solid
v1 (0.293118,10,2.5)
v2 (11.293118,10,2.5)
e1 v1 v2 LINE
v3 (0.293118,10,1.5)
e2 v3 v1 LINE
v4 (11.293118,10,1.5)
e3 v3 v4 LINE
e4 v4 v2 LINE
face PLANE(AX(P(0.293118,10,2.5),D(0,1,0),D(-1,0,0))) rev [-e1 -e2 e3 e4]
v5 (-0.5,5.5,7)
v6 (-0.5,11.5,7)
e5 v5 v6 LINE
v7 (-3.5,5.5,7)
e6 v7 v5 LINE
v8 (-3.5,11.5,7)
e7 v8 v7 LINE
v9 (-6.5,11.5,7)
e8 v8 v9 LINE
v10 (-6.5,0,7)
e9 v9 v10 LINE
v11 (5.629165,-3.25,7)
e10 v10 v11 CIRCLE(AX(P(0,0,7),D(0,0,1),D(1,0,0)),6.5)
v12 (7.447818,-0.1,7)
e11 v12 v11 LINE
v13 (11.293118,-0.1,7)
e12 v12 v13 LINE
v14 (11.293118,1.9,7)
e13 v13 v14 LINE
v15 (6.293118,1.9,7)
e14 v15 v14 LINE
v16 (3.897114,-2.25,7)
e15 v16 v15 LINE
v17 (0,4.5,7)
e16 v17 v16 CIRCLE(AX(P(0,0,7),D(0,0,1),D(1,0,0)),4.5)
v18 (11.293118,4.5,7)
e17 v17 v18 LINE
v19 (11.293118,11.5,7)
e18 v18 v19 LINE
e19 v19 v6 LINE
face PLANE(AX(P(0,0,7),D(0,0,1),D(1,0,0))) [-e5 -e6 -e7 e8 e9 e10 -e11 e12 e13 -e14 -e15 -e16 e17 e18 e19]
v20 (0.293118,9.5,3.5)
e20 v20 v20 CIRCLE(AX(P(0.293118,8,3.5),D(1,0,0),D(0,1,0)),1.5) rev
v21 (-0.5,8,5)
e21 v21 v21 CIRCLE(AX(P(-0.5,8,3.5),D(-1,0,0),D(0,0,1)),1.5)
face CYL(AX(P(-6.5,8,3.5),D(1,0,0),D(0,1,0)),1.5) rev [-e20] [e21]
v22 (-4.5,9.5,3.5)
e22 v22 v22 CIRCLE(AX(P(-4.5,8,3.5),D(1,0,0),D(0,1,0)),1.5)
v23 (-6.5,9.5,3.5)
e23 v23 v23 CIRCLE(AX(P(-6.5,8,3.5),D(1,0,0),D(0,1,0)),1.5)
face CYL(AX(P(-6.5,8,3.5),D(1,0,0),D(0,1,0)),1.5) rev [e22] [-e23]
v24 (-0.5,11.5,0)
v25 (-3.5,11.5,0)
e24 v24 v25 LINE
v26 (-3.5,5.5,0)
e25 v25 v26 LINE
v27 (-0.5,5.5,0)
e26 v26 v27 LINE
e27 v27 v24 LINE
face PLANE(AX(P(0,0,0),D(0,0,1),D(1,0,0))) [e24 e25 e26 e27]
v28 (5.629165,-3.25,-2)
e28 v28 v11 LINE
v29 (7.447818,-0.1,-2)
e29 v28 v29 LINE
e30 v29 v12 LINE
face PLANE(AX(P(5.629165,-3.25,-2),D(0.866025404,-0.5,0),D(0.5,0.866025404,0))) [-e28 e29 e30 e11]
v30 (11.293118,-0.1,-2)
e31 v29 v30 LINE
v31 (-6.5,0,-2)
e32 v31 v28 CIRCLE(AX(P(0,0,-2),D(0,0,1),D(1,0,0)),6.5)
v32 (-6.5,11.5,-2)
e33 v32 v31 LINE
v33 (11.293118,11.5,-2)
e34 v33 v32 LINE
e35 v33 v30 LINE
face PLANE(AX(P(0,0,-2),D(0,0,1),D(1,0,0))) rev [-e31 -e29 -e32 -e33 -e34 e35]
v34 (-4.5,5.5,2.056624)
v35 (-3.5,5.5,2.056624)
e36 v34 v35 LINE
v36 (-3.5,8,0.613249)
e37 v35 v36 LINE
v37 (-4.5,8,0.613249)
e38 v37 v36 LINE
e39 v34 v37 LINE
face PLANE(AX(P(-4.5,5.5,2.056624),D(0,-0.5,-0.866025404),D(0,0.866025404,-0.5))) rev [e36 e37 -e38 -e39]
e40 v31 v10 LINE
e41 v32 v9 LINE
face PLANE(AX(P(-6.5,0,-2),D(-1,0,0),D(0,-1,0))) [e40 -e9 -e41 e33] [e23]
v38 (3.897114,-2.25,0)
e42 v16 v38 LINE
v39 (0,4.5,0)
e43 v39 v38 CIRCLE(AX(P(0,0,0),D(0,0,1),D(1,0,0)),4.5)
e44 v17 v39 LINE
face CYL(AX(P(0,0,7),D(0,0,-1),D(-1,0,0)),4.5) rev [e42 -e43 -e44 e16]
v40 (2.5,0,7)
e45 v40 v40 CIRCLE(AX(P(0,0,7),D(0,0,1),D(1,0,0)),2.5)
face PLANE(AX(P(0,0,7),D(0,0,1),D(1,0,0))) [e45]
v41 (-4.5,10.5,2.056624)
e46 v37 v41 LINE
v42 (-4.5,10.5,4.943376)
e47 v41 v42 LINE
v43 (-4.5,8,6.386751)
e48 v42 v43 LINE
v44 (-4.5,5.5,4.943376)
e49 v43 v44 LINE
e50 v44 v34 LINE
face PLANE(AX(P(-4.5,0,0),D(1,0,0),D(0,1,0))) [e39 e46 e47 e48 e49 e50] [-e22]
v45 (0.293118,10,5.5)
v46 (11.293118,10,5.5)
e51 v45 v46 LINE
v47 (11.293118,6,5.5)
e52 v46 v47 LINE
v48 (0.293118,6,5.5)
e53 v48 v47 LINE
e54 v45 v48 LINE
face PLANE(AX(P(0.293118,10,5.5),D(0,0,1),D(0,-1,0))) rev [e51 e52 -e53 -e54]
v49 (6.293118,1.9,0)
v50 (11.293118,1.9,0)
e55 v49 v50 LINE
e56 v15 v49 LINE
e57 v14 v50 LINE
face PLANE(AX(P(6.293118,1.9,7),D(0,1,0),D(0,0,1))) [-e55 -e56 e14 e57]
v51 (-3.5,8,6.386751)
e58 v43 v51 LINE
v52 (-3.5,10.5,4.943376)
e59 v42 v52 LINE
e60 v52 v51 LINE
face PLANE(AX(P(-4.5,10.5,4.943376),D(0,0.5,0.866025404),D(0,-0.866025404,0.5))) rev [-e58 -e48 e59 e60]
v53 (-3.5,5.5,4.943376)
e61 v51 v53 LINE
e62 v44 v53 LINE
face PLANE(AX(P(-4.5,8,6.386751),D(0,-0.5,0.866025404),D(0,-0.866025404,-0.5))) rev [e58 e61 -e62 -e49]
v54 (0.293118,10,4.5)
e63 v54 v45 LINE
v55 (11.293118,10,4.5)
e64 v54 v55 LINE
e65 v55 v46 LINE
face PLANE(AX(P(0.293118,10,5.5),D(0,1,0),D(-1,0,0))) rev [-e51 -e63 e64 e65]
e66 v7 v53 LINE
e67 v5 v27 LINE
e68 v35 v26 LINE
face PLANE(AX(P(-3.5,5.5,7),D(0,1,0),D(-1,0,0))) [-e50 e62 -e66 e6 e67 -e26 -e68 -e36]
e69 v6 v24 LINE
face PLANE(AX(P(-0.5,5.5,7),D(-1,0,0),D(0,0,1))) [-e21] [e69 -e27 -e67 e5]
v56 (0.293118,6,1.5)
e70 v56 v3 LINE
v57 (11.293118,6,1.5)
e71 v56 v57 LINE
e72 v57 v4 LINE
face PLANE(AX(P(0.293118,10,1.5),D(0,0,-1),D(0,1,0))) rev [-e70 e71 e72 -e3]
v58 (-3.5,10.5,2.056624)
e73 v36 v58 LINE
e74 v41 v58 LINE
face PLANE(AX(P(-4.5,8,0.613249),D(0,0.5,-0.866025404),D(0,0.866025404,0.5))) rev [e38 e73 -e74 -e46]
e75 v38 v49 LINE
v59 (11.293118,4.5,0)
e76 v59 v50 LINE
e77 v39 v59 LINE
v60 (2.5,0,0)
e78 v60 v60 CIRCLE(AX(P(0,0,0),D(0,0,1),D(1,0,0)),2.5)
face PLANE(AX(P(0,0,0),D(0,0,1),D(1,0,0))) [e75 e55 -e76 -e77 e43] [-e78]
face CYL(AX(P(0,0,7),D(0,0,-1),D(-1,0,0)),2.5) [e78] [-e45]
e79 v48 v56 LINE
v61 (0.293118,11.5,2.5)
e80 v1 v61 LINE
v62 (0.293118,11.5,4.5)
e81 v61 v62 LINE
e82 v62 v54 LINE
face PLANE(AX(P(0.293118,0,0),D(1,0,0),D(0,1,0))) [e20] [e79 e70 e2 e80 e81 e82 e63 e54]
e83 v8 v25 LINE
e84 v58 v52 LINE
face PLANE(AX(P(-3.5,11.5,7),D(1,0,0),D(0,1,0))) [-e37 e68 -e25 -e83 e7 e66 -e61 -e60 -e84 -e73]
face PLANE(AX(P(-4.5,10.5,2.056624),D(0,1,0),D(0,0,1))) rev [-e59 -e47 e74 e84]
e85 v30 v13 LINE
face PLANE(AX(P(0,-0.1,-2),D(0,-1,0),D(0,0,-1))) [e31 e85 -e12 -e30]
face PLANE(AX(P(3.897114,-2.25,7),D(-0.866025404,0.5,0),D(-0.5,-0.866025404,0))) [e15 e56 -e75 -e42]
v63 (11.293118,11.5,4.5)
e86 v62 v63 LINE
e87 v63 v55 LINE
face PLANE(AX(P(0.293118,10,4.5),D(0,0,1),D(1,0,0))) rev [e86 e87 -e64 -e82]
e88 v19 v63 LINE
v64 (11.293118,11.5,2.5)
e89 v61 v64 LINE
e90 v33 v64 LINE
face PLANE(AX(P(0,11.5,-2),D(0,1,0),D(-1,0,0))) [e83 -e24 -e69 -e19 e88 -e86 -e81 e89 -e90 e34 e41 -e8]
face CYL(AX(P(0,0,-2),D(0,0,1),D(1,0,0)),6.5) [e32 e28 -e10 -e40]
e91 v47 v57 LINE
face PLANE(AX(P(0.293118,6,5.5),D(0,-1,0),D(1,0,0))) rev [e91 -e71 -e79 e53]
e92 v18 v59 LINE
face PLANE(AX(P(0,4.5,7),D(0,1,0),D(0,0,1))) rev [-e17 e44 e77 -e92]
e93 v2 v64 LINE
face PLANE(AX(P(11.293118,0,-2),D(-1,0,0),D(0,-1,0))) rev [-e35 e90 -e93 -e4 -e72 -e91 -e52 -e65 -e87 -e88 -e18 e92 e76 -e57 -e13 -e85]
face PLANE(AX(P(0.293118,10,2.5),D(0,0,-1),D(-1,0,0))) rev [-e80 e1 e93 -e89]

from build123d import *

# Parameters (mm, degrees)
ESBO_O1_R                  = 2.5
RESSALTO_EXTRUS_O1_DEPTH   = 7
RESSALTO_EXTRUS_O1_2_DEPTH = 7
CORTE_EXTRUS_O1_DEPTH      = 1
CORTE_EXTRUS_O2_DEPTH      = 21.752652218
CORTE_EXTRUS_O2_DEPTH_BACK = 21.752652218
ESBO_O4_R                  = 1.5
CORTE_EXTRUS_O3_DEPTH      = 11
RESSALTO_EXTRUS_O5_START   = -7
ESBO_O6_W                  = 3
ESBO_O6_H                  = 6
RESSALTO_EXTRUS_O5_DEPTH   = 2


with BuildPart() as part:
    # Esboço1 → Ressalto-extrusão1 (new body)
    with BuildSketch(Plane.XY):
        Circle(ESBO_O1_R)
    extrude(amount=RESSALTO_EXTRUS_O1_DEPTH)



with BuildPart() as body_2:
    # Esboço1 → Ressalto-extrus_o1 2 (new body)
    with BuildSketch(Plane.XY):
        with BuildLine():
            ThreePointArc((0, 4.5), (-3.897114317, -2.25), (3.897114317, -2.25))
            Line((3.897114317, -2.25), (6.293117934, 1.9))
            Line((6.293117934, 1.9), (11.293117934, 1.9))
            Line((11.293117934, 1.9), (11.293117934, -0.1))
            Line((11.293117934, -0.1), (7.447818473, -0.1))
            Line((7.447818473, -0.1), (5.629165125, -3.25))
            ThreePointArc((5.629165125, -3.25), (-1.682323793, -6.278517871), (-6.5, 0))
            Line((-6.5, 0), (-6.5, 11.5))
            Line((-6.5, 11.5), (-3.5, 11.5))
            Line((-3.5, 11.5), (-3.5, 5.5))
            Line((-3.5, 5.5), (-0.5, 5.5))
            Line((-0.5, 5.5), (-0.5, 11.5))
            Line((-0.5, 11.5), (11.293117934, 11.5))
            Line((11.293117934, 11.5), (11.293117934, 6.5))
            Line((11.293117934, 6.5), (11.293117934, 4.5))
            Line((11.293117934, 4.5), (0, 4.5))
        make_face()
    extrude(amount=RESSALTO_EXTRUS_O1_2_DEPTH)

    # Esboço2 → Corte-extrusão1 (cut)
    with BuildSketch(Plane(origin=(-3.5, 0, 0), x_dir=(0, 0, -1), z_dir=(1, 0, 0))):
        Polygon((-0.613248654, 8), (-2.056624327, 10.5), (-4.943375673, 10.5), (-6.386751346, 8), (-4.943375673, 5.5), (-2.056624327, 5.5), align=None)
    extrude(amount=-CORTE_EXTRUS_O1_DEPTH, mode=Mode.SUBTRACT)

    # Esboço4 → Corte-extrusão2 (cut, two sides: drawn at the far end of the back side and taken through both)
    with BuildSketch(Plane(origin=(-4.5, 0, 0), x_dir=(0, 0, -1), z_dir=(1, 0, 0)).offset(-CORTE_EXTRUS_O2_DEPTH_BACK)):
        with Locations(Location((-3.5, 8, 0), (0, 0, 90))):
            Circle(ESBO_O4_R)
    extrude(amount=CORTE_EXTRUS_O2_DEPTH + CORTE_EXTRUS_O2_DEPTH_BACK, mode=Mode.SUBTRACT)

    # Esboço5 → Corte-extrusão3 (cut)
    with BuildSketch(Plane(origin=(11.293117934, 0, 0), x_dir=(0, 0, -1), z_dir=(1, 0, 0))):
        Polygon((-5.5, 10), (-4.5, 10), (-4.5, 11.5), (-2.5, 11.5), (-2.5, 10), (-1.5, 10), (-1.5, 6), (-5.5, 6), align=None)
    extrude(amount=-CORTE_EXTRUS_O3_DEPTH, mode=Mode.SUBTRACT)


with BuildPart() as part_1:
    add(part.part)

    add(body_2.part)  # Ressalto-extrusão5 merges body 2
    # Esboço6 → Ressalto-extrusão5 (add)
    with BuildSketch(Plane.XY.offset(7).offset(RESSALTO_EXTRUS_O5_START)):
        with BuildLine():
            Line((11.293117934, 1.9), (11.293117934, 4.5))
            Line((11.293117934, 4.5), (0, 4.5))
            ThreePointArc((0, 4.5), (-3.897114317, -2.25), (3.897114317, -2.25))
            Line((3.897114317, -2.25), (6.293117934, 1.9))
            Line((6.293117934, 1.9), (11.293117934, 1.9))
        make_face()
        with BuildLine():
            ThreePointArc((3.897114317, -2.25), (-3.897114317, -2.25), (0, 4.5))
            Line((0, 4.5), (11.293117934, 4.5))
            Line((11.293117934, 4.5), (11.293117934, 11.5))
            Line((11.293117934, 11.5), (-0.5, 11.5))
            Line((-0.5, 11.5), (-0.5, 5.5))
            Line((-0.5, 5.5), (-3.5, 5.5))
            Line((-3.5, 5.5), (-3.5, 11.5))
            Line((-3.5, 11.5), (-6.5, 11.5))
            Line((-6.5, 11.5), (-6.5, 0))
            ThreePointArc((-6.5, 0), (-1.682323793, -6.278517871), (5.629165125, -3.25))
            Line((5.629165125, -3.25), (7.447818473, -0.1))
            Line((7.447818473, -0.1), (11.293117934, -0.1))
            Line((11.293117934, -0.1), (11.293117934, 1.9))
            Line((11.293117934, 1.9), (6.293117934, 1.9))
            Line((6.293117934, 1.9), (3.897114317, -2.25))
        make_face()
        with Locations((-2, 8.5)):
            Rectangle(ESBO_O6_W, ESBO_O6_H)
    extrude(amount=-RESSALTO_EXTRUS_O5_DEPTH)


solid = part_1.part
